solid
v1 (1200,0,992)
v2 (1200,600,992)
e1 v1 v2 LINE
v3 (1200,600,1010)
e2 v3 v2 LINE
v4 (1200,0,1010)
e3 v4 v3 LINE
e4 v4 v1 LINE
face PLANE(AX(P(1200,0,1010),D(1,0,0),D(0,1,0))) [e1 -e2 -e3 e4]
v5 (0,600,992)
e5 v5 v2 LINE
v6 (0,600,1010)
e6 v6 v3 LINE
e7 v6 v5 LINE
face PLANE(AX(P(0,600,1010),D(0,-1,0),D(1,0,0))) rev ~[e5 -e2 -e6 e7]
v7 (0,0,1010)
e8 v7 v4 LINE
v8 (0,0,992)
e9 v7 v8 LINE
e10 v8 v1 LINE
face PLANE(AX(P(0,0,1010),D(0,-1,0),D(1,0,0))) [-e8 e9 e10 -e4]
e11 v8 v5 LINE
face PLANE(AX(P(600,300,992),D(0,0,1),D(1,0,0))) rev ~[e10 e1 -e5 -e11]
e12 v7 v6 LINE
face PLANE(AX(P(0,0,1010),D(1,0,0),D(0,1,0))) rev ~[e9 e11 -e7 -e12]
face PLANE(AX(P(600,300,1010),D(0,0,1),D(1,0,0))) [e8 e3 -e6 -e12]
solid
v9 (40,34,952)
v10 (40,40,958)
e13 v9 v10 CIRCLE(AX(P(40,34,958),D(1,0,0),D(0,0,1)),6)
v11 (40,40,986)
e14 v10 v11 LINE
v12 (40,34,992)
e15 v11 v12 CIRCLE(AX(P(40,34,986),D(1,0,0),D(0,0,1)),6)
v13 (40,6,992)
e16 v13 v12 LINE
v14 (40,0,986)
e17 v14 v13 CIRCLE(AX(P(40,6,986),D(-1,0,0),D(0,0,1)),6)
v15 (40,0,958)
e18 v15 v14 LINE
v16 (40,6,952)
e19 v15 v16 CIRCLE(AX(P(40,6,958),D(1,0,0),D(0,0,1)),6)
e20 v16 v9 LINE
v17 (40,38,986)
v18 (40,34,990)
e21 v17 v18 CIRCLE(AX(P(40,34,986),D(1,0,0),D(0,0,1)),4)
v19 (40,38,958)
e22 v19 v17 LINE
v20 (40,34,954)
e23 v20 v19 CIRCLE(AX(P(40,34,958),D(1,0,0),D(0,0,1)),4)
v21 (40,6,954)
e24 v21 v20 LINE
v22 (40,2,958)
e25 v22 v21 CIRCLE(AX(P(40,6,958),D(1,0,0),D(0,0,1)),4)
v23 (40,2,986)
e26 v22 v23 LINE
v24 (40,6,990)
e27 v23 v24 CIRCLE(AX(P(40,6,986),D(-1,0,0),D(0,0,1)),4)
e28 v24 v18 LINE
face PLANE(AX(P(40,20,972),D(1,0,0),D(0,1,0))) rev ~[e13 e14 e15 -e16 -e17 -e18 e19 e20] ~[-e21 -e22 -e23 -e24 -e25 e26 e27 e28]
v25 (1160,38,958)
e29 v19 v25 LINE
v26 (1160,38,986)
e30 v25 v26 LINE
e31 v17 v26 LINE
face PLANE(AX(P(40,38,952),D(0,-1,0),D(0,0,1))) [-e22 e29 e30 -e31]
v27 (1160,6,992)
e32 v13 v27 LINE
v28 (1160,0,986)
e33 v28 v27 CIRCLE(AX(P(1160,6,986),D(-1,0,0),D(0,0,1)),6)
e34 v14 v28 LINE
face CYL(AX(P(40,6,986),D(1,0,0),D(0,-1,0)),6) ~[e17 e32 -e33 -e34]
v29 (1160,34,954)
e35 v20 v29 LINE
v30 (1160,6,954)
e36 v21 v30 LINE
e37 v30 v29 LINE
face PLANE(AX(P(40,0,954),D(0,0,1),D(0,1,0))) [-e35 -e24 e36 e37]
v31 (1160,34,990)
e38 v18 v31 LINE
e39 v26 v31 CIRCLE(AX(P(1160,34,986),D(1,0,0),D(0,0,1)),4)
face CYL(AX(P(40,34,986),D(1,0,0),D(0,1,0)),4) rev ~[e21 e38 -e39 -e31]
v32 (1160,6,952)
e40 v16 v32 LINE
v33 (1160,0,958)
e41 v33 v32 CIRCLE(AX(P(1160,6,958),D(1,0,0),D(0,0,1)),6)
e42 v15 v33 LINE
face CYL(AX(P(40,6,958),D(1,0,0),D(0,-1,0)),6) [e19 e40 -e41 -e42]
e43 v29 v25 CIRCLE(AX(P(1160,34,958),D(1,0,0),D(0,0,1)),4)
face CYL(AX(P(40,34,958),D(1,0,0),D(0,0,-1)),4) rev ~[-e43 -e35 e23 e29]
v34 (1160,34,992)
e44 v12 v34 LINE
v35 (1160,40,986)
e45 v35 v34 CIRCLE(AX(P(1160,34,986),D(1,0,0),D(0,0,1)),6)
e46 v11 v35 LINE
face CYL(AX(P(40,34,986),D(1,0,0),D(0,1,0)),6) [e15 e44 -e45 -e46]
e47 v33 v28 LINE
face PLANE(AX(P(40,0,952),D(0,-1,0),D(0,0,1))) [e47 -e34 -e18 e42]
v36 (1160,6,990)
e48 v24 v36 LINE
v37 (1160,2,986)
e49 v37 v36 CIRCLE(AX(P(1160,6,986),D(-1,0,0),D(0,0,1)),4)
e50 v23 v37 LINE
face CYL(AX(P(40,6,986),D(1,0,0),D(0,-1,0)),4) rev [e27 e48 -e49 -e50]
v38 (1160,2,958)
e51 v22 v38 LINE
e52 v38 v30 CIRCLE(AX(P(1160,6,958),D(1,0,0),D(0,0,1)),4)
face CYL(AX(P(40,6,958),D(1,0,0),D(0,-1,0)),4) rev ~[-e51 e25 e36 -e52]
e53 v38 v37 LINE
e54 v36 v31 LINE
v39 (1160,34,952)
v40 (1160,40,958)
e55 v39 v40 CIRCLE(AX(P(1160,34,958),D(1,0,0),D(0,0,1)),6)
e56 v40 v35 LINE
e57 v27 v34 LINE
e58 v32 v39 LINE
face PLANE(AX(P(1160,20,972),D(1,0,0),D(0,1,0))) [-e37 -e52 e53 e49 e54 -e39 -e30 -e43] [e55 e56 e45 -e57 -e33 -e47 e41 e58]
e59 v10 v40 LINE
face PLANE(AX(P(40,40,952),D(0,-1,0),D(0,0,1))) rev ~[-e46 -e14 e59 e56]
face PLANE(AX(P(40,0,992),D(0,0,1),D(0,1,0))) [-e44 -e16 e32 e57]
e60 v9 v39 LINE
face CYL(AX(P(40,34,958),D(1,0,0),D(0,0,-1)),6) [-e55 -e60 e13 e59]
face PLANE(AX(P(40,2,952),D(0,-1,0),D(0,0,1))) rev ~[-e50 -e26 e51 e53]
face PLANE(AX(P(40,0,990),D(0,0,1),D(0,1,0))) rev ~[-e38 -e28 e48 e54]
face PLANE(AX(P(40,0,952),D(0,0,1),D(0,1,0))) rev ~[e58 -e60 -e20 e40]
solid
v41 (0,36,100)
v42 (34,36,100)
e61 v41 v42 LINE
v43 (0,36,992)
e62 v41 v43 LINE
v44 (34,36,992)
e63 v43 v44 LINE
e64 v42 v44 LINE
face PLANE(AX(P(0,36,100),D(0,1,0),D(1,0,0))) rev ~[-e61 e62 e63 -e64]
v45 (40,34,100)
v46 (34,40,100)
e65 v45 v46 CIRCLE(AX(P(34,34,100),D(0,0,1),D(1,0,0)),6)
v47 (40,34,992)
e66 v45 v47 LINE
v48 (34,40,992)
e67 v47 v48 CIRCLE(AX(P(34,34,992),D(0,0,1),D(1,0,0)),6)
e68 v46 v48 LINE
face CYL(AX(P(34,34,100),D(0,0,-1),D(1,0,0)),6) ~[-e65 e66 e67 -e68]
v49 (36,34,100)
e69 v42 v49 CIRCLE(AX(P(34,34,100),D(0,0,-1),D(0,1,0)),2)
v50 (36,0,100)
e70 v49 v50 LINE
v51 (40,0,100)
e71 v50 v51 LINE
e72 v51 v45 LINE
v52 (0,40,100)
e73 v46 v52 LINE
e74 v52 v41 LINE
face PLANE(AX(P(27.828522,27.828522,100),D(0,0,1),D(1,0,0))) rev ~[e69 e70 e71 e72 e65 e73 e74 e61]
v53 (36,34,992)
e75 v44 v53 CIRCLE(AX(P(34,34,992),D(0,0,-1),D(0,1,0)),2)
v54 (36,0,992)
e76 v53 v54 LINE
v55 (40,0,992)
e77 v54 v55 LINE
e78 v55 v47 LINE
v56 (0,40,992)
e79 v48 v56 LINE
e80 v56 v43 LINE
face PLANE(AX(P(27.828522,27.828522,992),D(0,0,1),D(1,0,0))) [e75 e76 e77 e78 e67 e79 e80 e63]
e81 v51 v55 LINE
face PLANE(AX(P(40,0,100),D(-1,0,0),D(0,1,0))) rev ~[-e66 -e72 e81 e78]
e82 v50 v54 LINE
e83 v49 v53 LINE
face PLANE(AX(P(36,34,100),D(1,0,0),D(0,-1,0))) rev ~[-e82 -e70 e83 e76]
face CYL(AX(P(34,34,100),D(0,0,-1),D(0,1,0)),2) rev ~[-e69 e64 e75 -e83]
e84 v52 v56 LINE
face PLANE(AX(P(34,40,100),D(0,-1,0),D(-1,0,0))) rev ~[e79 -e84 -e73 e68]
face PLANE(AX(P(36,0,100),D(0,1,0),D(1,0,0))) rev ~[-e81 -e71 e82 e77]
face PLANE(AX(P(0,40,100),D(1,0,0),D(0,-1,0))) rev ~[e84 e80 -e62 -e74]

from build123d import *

# Parameters (mm, degrees)
F2_W     = 1200
F2_H     = 600
F3_DEPTH = 18
F5_DEPTH = 892
F6_W     = 40
F6_H     = 40
F7_DEPTH = 1120
F8_R     = 6
F9_T     = -2


with BuildPart() as f3:
    # F2 (on offset) → F3 (new body)
    with BuildSketch(Plane.XY.offset(1010)):
        with Locations((600, 300)):
            Rectangle(F2_W, F2_H)
    extrude(amount=-F3_DEPTH)


with BuildPart() as f5:
    # F4 (on offset) → F5 (new body, through all)
    with BuildSketch(Plane.XY.offset(100)):
        with BuildLine():
            Line((34, 40), (0, 40))
            Line((0, 40), (0, 36))
            Line((0, 36), (34, 36))
            ThreePointArc((34, 36), (35.4142135624, 35.4142135624), (36, 34))
            Line((36, 34), (36, 0))
            Line((36, 0), (40, 0))
            Line((40, 0), (40, 34))
            ThreePointArc((40, 34), (38.2426406871, 38.2426406871), (34, 40))
        make_face()
    extrude(amount=F5_DEPTH)


with BuildPart() as f7:
    # F6 (on face) → F7 (new body)
    with BuildSketch(Plane.YZ.offset(40)):
        with Locations((20, 972)):
            Rectangle(F6_W, F6_H)
    extrude(amount=F7_DEPTH)

    # F8
    f8_edges = [f7.edges().sort_by_distance(p)[0] for p in [
        (600, 40, 992),
        (600, 40, 952),
        (600, 0, 992),
        (600, 0, 952),
    ]]
    fillet(f8_edges, radius=F8_R)

    # F9
    f9_openings = [f7.faces().sort_by_distance(p)[0] for p in [
        (1160, 20, 972),
        (40, 20, 972),
    ]]
    offset(amount=F9_T, openings=f9_openings)


solid = Compound([f3.part, f5.part, f7.part])
